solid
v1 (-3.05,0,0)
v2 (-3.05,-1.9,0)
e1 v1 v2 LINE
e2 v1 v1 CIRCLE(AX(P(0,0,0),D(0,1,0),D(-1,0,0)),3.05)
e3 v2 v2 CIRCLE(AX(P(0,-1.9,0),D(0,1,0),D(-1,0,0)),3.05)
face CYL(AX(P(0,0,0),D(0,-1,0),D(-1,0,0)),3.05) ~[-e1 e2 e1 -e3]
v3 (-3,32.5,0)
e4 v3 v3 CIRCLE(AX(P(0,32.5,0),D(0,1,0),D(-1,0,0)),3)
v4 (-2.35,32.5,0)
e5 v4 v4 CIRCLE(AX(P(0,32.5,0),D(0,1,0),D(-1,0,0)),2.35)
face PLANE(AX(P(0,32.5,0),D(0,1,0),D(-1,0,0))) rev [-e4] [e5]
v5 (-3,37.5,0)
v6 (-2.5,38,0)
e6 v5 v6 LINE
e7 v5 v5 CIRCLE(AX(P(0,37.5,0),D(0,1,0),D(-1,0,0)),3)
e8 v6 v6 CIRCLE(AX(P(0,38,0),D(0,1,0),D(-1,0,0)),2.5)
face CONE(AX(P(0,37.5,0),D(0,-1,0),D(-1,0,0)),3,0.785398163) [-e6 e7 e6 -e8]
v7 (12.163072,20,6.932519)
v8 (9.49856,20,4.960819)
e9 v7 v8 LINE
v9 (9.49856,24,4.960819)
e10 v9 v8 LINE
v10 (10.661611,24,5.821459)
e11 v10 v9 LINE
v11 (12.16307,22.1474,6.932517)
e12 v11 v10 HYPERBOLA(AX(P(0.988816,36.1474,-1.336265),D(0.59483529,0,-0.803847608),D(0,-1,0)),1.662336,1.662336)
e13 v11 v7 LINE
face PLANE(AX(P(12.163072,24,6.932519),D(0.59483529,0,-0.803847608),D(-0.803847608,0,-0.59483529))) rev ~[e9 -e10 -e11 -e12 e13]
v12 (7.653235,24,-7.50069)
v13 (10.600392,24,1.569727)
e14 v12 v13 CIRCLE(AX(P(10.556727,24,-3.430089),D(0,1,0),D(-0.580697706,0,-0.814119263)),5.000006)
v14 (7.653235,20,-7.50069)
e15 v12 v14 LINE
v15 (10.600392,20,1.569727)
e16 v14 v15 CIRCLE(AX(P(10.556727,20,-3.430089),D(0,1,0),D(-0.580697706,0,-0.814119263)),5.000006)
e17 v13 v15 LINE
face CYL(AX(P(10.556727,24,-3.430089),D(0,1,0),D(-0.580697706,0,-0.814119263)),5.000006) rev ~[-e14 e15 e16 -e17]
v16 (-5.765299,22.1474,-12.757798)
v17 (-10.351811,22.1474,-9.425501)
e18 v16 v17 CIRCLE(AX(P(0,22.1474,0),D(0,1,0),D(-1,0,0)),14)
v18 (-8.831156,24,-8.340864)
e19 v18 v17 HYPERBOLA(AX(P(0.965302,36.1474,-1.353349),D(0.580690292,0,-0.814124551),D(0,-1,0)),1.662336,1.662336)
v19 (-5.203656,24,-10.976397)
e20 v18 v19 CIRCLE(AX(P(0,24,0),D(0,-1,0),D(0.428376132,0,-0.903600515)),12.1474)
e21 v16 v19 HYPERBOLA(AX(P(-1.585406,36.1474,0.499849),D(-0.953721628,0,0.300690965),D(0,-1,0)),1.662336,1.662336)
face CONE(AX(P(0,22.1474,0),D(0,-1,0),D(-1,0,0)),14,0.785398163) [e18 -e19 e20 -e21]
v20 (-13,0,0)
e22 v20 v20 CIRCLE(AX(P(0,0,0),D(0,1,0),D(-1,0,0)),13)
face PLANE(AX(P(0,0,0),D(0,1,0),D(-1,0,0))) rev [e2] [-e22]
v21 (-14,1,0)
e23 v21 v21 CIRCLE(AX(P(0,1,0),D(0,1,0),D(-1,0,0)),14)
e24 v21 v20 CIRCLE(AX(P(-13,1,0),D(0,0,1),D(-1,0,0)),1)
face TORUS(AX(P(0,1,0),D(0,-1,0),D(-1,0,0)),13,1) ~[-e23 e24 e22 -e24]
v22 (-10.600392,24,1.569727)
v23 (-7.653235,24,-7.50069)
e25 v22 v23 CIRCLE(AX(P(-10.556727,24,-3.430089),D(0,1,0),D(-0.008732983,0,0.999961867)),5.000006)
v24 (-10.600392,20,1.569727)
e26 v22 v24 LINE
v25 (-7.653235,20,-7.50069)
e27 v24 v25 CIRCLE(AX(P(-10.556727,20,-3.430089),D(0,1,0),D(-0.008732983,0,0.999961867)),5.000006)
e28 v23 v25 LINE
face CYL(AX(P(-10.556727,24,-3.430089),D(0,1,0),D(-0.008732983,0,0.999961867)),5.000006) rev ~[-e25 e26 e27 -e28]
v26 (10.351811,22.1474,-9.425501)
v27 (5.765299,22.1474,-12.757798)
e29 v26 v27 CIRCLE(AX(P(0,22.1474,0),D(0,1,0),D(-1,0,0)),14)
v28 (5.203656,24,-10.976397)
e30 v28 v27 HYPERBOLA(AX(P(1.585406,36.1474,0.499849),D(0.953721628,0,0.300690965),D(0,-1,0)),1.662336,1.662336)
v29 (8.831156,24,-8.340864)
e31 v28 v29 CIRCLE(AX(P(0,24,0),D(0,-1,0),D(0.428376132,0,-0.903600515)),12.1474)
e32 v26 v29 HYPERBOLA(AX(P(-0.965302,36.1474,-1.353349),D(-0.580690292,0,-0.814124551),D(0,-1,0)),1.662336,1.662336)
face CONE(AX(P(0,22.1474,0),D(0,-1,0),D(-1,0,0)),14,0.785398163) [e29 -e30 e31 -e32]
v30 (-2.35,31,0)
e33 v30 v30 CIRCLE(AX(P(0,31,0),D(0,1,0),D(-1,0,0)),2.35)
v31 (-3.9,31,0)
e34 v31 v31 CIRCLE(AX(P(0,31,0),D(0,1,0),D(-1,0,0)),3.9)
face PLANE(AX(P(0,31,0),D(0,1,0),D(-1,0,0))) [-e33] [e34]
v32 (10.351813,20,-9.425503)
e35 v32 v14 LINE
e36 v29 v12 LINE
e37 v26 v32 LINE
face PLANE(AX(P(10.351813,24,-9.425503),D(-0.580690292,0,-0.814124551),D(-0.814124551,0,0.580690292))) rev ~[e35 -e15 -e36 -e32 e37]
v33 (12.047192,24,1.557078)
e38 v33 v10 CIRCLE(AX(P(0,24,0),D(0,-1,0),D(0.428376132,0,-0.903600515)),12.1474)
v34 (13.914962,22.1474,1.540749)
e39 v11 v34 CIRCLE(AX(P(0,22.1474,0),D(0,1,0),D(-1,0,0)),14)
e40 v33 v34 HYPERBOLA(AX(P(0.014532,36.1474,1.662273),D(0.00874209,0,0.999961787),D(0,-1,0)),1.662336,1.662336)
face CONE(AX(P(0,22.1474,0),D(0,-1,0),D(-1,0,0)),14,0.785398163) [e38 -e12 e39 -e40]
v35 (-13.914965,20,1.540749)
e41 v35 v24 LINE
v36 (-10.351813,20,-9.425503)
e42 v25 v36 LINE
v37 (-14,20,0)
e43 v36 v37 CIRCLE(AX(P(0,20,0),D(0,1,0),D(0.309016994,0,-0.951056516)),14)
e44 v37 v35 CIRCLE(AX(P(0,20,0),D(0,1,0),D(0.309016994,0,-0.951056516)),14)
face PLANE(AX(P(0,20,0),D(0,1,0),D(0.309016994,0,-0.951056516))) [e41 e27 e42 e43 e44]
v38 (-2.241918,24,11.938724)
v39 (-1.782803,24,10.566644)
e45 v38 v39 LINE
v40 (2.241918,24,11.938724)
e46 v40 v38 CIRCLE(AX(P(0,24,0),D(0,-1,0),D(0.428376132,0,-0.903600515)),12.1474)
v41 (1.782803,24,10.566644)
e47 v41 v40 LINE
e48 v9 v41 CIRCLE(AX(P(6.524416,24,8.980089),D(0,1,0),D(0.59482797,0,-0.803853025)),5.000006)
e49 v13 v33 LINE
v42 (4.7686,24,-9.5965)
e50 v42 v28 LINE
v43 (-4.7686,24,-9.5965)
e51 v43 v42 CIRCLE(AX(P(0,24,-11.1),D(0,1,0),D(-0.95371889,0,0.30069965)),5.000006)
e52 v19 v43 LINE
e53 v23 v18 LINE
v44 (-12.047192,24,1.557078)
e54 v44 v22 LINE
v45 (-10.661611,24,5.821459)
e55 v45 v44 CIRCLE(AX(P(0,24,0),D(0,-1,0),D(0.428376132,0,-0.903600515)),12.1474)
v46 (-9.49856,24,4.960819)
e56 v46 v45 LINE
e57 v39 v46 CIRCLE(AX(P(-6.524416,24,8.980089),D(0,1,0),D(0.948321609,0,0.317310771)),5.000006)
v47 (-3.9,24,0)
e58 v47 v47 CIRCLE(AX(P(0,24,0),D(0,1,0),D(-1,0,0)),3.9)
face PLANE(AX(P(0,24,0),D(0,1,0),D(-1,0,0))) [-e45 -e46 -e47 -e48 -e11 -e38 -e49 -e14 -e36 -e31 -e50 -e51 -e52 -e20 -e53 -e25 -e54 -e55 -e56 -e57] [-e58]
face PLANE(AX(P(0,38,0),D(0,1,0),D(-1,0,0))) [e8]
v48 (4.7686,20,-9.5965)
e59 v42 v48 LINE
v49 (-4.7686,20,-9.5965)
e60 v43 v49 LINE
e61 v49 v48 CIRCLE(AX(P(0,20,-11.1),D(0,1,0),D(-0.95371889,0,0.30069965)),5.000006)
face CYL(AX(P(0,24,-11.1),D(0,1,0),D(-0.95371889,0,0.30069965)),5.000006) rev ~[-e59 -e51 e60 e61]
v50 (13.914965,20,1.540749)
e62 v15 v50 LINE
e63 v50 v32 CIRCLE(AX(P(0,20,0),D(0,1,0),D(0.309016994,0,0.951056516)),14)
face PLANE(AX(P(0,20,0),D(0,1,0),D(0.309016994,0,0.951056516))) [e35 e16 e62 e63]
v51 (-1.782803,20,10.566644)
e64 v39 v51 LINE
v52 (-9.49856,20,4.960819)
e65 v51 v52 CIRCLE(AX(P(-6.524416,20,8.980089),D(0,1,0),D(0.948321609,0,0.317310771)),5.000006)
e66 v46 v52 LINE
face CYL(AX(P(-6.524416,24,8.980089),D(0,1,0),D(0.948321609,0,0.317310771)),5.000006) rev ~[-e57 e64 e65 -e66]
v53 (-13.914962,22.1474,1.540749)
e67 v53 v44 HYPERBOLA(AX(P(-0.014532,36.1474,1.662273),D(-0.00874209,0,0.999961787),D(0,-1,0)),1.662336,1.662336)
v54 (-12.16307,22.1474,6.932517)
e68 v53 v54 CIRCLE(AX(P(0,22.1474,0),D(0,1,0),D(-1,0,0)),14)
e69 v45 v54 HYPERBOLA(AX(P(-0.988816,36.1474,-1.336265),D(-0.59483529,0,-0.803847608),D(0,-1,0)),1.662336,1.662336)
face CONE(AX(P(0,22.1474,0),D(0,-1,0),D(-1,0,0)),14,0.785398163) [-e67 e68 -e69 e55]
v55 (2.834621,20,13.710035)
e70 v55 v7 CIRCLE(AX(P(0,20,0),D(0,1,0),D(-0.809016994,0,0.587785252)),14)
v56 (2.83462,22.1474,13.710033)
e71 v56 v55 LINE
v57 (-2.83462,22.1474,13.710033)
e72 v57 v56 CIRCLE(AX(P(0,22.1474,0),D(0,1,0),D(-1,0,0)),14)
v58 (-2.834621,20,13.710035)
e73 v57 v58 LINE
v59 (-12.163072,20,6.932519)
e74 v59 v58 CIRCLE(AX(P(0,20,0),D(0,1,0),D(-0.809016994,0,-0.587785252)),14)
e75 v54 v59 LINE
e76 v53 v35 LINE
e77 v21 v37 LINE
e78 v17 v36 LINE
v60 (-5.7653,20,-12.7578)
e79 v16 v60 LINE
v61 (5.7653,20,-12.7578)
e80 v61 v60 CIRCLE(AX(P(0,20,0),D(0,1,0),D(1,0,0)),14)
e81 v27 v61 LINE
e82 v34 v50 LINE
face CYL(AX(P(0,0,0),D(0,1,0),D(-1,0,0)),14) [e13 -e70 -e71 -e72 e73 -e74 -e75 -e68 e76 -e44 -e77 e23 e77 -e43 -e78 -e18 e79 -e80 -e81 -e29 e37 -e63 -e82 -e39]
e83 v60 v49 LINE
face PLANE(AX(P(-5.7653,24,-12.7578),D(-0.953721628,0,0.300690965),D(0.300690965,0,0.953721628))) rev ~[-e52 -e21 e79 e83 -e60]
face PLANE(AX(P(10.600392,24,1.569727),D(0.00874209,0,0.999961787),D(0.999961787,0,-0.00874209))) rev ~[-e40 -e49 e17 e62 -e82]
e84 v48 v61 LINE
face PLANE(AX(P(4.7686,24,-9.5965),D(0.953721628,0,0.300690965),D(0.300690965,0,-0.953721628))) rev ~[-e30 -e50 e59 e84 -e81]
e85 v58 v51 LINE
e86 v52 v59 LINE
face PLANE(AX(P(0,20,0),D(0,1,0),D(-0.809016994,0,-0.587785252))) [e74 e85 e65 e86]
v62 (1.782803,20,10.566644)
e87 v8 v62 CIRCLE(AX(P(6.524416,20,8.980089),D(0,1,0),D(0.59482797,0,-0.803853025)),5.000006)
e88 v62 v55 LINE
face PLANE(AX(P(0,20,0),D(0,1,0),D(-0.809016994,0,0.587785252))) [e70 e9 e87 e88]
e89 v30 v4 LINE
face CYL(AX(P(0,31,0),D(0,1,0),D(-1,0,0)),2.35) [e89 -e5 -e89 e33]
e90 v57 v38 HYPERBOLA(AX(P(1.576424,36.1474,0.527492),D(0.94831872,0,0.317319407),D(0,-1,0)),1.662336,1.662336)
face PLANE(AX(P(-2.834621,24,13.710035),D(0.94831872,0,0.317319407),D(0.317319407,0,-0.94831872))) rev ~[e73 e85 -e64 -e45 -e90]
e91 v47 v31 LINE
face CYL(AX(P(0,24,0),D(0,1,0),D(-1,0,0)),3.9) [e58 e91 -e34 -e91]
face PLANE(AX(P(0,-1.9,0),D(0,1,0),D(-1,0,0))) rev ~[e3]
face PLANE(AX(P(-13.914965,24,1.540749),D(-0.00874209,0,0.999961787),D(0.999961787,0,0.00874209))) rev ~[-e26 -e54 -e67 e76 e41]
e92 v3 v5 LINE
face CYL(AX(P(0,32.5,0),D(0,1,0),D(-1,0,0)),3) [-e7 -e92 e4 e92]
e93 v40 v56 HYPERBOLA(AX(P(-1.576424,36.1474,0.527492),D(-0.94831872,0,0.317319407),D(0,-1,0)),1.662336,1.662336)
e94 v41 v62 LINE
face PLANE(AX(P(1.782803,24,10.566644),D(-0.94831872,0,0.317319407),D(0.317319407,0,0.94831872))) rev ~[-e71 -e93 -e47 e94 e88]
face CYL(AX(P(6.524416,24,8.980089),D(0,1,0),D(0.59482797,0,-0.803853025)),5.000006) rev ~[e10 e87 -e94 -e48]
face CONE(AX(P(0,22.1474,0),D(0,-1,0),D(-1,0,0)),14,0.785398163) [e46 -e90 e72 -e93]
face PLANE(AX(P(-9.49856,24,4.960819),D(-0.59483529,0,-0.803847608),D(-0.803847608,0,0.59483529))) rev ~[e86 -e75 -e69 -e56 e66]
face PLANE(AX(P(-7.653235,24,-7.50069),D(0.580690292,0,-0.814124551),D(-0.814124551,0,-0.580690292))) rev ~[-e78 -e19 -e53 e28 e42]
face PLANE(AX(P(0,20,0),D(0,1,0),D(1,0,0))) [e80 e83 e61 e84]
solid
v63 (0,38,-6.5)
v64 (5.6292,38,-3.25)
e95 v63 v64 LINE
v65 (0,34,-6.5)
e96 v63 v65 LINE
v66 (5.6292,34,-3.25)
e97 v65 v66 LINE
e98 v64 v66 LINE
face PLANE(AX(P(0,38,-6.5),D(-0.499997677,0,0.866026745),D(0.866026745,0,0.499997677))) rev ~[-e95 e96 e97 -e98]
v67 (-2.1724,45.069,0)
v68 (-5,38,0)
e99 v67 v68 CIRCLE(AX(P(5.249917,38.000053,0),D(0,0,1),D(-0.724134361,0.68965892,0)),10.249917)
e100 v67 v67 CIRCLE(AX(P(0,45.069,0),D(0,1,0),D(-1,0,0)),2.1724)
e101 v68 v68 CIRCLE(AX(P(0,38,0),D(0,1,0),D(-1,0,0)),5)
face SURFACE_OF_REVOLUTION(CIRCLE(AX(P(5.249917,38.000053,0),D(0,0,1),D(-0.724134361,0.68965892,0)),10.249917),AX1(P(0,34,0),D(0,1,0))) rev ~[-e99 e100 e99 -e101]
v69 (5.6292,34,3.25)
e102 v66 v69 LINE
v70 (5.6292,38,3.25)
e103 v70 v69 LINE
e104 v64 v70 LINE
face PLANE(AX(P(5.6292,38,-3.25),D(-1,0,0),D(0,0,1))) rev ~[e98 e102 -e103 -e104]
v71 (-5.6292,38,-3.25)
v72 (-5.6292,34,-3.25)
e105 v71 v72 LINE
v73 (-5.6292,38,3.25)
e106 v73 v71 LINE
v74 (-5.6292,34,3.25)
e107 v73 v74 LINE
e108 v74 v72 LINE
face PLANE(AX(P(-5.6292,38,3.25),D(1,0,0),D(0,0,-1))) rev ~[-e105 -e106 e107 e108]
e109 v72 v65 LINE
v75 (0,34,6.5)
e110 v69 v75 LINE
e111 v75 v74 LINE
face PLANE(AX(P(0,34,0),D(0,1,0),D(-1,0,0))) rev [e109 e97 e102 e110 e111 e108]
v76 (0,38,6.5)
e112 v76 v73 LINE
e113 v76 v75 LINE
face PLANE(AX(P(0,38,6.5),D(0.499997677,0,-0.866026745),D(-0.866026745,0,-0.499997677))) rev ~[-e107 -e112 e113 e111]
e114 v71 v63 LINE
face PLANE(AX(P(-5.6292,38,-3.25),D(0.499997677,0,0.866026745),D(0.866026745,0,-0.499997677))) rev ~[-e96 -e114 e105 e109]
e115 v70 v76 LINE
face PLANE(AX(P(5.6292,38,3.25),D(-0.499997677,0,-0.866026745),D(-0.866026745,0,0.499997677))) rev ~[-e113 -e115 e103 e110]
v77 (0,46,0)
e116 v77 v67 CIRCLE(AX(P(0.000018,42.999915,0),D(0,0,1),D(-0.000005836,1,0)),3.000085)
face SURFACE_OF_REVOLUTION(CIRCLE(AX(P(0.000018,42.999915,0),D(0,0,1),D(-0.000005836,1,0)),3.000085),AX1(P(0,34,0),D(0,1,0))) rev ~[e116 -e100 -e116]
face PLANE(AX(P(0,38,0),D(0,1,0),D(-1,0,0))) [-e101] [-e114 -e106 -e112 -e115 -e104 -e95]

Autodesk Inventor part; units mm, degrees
ref_plane "YZ Plane" through (0, 0, 0) normal (1, 0, 0) x (0, 1, 0)
ref_plane "XZ Plane" through (0, 0, 0) normal (0, 1, 0) x (-1, 0, 0)
ref_plane "XY Plane" through (0, 0, 0) normal (0, 0, 1) x (1, 0, 0)
sketch "Эскиз1" plane through (0, 0, 0) normal (0, 0, 1) x (1, 0, 0)
  line L0 (0, 0) -> (0, 31)
  line L1 (0, 0) -> (-14, 0)
  line L2 (-14, 0) -> (-14, 24)
  line L3 (-14, 24) -> (-3.9, 24)
  line L4 (-3.9, 24) -> (-3.9, 31)
  line L5 (-3.9, 31) -> (0, 31)
  line L6 (-3.05, 0) -> (-3.05, -1.9)
  line L7 (-3.05, -1.9) -> (0, -1.9)
  line L8 (0, -1.9) -> (0, 0)
  line L9 (0, 38) -> (0, 31)
  line L10 (-2.35, 31) -> (-2.35, 32.5)
  line L11 (-2.35, 32.5) -> (-3, 32.5)
  line L12 (-3, 32.5) -> (-3, 38)
  line L13 (-3, 38) -> (0, 38)
  dimension "d0" = 24
  dimension "d1" = 28
  dimension "d2" = 7.8
  dimension "d3" = 7
  dimension "d5" = 6.1
  dimension "d6" = 1.9
  dimension "d20" = 4.7
  dimension "d21" = 6
  dimension "d22" = 7
  dimension "d23" = 1.5
revolve "Вращение1" add sketch "Эскиз1" angle 360 about axis through (0, 0, 0) along (0, 1, 0)
chamfer "Фаска1" distance 1.8526 angle 45 1 edges at (14, 24, 0)
fillet "Сопряжение1" radius 1 1 edges at (14, 0, 0)
sketch "Эскиз2" plane through (0, 24, 0) normal (0, 1, 0) x (1, 0, 0)
  line L0 (-5.7653, 12.7578) -> (-4.7686, 9.5965)
  arc A0 (-4.7686, 9.5965) -> (4.7686, 9.5965) centre (0, 11.1) ccw
  line L1 (4.7686, 9.5965) -> (5.7653, 12.7578)
  circle A1 centre (0, 0) radius 14 projected
  point P0 (0, 0)
  dimension "d11" = 7.9
  dimension "d12" = 35
  dimension "d13" = 5
extrude "Выдавливание1" cut sketch "Эскиз2" against normal blind 4 contours A1 L1 A0 L0 picked at (2.4163, 12.0782)
pattern_circular "Круговой массив1" count 5 over 360 about axis through (0, 12, 0) along (0, 1, 0) of "Выдавливание1"
thread "Резьба1" size "M6x1" class "6g" standard "ISO Metric profile" full length
chamfer "Фаска2" distance 0.5 angle 45 1 edges at (3, 38, 0)
sketch "Эскиз4" plane through (0, 0, 0) normal (0, 0, 1) x (1, 0, 0)
  line L0 (0, 34) -> (-6.5, 34)
  line L1 (-6.5, 34) -> (-6.5, 38)
  line L2 (-6.5, 38) -> (-5, 38)
  arc A0 (-2.1724, 45.069) -> (-5, 38) centre (5.25, 38) ccw
  line L3 (0, 34) -> (0, 46)
  arc A1 (0, 46) -> (-2.1724, 45.069) centre (0, 43) ccw
  point P0 (0, 0)
  dimension "d8" = 2
  dimension "d52" = 4
  dimension "d53" = 10
  dimension "d54" = 3
  dimension "d55" = 13
  dimension "d60" = 12
revolve "Вращение3" add sketch "Эскиз4" angle 360 about axis through (0, 34, 0) along (0, 1, 0) separate body
sketch "Эскиз5" plane through (0, 38, 0) normal (0, 1, 0) x (1, 0, 0)
  circle A0 centre (0, 0) radius 6.5 projected
  circle A1 centre (0, 0) radius 3.05 construction
  line L0 (0, 6.5) -> (5.6292, 3.25)
  line L1 (5.6292, 3.25) -> (5.6292, -3.25)
  line L2 (5.6292, -3.25) -> (0, -6.5)
  line L3 (0, -6.5) -> (-5.6292, -3.25)
  line L4 (-5.6292, -3.25) -> (-5.6292, 3.25)
  line L5 (-5.6292, 3.25) -> (0, 6.5)
  point P0 (-5.6292, 3.25)
  point P1 (-5.6292, 3.25)
  point P2 (-5.6292, -3.25)
  point P3 (-5.6292, -3.25)
  point P4 (0, -6.5)
  point P5 (0, -6.5)
  point P6 (5.6292, -3.25)
  point P7 (5.6292, -3.25)
  point P8 (5.6292, 3.25)
  point P9 (5.6292, 3.25)
extrude "Выдавливание3" cut sketch "Эскиз5" against normal up to surface (4 mm away) contours A0 L1 | L0 A0 | A0 L2 | L5 A0 | A0 L3 | L4 A0 bodies 2
equation "\"d0\" = motor_height"
equation "\"d1\" = motor_diameter"
equation "\"blade_radius\" = 127"
equation "\"bearing_inner\" = 7"
equation "\"bearing_outer\" = 19"
equation "\"bearing_width\" = 6"
equation "\"beam_length\" = 254"
equation "\"motor_height\" = 24"
equation "\"motor_diameter\" = 28"
equation "\"motor_blade_offset\" = 2"
equation "\"M4_nut_lock_width\" = 6.8"
equation "\"M4_screw_innerHex_cap_diam\" = 6.6"
equation "\"M4_screw_innerHex_cap_height\" = 4"
equation "\"M4_nut_lock_height\" = 5"
properties part number "Моторчик"
